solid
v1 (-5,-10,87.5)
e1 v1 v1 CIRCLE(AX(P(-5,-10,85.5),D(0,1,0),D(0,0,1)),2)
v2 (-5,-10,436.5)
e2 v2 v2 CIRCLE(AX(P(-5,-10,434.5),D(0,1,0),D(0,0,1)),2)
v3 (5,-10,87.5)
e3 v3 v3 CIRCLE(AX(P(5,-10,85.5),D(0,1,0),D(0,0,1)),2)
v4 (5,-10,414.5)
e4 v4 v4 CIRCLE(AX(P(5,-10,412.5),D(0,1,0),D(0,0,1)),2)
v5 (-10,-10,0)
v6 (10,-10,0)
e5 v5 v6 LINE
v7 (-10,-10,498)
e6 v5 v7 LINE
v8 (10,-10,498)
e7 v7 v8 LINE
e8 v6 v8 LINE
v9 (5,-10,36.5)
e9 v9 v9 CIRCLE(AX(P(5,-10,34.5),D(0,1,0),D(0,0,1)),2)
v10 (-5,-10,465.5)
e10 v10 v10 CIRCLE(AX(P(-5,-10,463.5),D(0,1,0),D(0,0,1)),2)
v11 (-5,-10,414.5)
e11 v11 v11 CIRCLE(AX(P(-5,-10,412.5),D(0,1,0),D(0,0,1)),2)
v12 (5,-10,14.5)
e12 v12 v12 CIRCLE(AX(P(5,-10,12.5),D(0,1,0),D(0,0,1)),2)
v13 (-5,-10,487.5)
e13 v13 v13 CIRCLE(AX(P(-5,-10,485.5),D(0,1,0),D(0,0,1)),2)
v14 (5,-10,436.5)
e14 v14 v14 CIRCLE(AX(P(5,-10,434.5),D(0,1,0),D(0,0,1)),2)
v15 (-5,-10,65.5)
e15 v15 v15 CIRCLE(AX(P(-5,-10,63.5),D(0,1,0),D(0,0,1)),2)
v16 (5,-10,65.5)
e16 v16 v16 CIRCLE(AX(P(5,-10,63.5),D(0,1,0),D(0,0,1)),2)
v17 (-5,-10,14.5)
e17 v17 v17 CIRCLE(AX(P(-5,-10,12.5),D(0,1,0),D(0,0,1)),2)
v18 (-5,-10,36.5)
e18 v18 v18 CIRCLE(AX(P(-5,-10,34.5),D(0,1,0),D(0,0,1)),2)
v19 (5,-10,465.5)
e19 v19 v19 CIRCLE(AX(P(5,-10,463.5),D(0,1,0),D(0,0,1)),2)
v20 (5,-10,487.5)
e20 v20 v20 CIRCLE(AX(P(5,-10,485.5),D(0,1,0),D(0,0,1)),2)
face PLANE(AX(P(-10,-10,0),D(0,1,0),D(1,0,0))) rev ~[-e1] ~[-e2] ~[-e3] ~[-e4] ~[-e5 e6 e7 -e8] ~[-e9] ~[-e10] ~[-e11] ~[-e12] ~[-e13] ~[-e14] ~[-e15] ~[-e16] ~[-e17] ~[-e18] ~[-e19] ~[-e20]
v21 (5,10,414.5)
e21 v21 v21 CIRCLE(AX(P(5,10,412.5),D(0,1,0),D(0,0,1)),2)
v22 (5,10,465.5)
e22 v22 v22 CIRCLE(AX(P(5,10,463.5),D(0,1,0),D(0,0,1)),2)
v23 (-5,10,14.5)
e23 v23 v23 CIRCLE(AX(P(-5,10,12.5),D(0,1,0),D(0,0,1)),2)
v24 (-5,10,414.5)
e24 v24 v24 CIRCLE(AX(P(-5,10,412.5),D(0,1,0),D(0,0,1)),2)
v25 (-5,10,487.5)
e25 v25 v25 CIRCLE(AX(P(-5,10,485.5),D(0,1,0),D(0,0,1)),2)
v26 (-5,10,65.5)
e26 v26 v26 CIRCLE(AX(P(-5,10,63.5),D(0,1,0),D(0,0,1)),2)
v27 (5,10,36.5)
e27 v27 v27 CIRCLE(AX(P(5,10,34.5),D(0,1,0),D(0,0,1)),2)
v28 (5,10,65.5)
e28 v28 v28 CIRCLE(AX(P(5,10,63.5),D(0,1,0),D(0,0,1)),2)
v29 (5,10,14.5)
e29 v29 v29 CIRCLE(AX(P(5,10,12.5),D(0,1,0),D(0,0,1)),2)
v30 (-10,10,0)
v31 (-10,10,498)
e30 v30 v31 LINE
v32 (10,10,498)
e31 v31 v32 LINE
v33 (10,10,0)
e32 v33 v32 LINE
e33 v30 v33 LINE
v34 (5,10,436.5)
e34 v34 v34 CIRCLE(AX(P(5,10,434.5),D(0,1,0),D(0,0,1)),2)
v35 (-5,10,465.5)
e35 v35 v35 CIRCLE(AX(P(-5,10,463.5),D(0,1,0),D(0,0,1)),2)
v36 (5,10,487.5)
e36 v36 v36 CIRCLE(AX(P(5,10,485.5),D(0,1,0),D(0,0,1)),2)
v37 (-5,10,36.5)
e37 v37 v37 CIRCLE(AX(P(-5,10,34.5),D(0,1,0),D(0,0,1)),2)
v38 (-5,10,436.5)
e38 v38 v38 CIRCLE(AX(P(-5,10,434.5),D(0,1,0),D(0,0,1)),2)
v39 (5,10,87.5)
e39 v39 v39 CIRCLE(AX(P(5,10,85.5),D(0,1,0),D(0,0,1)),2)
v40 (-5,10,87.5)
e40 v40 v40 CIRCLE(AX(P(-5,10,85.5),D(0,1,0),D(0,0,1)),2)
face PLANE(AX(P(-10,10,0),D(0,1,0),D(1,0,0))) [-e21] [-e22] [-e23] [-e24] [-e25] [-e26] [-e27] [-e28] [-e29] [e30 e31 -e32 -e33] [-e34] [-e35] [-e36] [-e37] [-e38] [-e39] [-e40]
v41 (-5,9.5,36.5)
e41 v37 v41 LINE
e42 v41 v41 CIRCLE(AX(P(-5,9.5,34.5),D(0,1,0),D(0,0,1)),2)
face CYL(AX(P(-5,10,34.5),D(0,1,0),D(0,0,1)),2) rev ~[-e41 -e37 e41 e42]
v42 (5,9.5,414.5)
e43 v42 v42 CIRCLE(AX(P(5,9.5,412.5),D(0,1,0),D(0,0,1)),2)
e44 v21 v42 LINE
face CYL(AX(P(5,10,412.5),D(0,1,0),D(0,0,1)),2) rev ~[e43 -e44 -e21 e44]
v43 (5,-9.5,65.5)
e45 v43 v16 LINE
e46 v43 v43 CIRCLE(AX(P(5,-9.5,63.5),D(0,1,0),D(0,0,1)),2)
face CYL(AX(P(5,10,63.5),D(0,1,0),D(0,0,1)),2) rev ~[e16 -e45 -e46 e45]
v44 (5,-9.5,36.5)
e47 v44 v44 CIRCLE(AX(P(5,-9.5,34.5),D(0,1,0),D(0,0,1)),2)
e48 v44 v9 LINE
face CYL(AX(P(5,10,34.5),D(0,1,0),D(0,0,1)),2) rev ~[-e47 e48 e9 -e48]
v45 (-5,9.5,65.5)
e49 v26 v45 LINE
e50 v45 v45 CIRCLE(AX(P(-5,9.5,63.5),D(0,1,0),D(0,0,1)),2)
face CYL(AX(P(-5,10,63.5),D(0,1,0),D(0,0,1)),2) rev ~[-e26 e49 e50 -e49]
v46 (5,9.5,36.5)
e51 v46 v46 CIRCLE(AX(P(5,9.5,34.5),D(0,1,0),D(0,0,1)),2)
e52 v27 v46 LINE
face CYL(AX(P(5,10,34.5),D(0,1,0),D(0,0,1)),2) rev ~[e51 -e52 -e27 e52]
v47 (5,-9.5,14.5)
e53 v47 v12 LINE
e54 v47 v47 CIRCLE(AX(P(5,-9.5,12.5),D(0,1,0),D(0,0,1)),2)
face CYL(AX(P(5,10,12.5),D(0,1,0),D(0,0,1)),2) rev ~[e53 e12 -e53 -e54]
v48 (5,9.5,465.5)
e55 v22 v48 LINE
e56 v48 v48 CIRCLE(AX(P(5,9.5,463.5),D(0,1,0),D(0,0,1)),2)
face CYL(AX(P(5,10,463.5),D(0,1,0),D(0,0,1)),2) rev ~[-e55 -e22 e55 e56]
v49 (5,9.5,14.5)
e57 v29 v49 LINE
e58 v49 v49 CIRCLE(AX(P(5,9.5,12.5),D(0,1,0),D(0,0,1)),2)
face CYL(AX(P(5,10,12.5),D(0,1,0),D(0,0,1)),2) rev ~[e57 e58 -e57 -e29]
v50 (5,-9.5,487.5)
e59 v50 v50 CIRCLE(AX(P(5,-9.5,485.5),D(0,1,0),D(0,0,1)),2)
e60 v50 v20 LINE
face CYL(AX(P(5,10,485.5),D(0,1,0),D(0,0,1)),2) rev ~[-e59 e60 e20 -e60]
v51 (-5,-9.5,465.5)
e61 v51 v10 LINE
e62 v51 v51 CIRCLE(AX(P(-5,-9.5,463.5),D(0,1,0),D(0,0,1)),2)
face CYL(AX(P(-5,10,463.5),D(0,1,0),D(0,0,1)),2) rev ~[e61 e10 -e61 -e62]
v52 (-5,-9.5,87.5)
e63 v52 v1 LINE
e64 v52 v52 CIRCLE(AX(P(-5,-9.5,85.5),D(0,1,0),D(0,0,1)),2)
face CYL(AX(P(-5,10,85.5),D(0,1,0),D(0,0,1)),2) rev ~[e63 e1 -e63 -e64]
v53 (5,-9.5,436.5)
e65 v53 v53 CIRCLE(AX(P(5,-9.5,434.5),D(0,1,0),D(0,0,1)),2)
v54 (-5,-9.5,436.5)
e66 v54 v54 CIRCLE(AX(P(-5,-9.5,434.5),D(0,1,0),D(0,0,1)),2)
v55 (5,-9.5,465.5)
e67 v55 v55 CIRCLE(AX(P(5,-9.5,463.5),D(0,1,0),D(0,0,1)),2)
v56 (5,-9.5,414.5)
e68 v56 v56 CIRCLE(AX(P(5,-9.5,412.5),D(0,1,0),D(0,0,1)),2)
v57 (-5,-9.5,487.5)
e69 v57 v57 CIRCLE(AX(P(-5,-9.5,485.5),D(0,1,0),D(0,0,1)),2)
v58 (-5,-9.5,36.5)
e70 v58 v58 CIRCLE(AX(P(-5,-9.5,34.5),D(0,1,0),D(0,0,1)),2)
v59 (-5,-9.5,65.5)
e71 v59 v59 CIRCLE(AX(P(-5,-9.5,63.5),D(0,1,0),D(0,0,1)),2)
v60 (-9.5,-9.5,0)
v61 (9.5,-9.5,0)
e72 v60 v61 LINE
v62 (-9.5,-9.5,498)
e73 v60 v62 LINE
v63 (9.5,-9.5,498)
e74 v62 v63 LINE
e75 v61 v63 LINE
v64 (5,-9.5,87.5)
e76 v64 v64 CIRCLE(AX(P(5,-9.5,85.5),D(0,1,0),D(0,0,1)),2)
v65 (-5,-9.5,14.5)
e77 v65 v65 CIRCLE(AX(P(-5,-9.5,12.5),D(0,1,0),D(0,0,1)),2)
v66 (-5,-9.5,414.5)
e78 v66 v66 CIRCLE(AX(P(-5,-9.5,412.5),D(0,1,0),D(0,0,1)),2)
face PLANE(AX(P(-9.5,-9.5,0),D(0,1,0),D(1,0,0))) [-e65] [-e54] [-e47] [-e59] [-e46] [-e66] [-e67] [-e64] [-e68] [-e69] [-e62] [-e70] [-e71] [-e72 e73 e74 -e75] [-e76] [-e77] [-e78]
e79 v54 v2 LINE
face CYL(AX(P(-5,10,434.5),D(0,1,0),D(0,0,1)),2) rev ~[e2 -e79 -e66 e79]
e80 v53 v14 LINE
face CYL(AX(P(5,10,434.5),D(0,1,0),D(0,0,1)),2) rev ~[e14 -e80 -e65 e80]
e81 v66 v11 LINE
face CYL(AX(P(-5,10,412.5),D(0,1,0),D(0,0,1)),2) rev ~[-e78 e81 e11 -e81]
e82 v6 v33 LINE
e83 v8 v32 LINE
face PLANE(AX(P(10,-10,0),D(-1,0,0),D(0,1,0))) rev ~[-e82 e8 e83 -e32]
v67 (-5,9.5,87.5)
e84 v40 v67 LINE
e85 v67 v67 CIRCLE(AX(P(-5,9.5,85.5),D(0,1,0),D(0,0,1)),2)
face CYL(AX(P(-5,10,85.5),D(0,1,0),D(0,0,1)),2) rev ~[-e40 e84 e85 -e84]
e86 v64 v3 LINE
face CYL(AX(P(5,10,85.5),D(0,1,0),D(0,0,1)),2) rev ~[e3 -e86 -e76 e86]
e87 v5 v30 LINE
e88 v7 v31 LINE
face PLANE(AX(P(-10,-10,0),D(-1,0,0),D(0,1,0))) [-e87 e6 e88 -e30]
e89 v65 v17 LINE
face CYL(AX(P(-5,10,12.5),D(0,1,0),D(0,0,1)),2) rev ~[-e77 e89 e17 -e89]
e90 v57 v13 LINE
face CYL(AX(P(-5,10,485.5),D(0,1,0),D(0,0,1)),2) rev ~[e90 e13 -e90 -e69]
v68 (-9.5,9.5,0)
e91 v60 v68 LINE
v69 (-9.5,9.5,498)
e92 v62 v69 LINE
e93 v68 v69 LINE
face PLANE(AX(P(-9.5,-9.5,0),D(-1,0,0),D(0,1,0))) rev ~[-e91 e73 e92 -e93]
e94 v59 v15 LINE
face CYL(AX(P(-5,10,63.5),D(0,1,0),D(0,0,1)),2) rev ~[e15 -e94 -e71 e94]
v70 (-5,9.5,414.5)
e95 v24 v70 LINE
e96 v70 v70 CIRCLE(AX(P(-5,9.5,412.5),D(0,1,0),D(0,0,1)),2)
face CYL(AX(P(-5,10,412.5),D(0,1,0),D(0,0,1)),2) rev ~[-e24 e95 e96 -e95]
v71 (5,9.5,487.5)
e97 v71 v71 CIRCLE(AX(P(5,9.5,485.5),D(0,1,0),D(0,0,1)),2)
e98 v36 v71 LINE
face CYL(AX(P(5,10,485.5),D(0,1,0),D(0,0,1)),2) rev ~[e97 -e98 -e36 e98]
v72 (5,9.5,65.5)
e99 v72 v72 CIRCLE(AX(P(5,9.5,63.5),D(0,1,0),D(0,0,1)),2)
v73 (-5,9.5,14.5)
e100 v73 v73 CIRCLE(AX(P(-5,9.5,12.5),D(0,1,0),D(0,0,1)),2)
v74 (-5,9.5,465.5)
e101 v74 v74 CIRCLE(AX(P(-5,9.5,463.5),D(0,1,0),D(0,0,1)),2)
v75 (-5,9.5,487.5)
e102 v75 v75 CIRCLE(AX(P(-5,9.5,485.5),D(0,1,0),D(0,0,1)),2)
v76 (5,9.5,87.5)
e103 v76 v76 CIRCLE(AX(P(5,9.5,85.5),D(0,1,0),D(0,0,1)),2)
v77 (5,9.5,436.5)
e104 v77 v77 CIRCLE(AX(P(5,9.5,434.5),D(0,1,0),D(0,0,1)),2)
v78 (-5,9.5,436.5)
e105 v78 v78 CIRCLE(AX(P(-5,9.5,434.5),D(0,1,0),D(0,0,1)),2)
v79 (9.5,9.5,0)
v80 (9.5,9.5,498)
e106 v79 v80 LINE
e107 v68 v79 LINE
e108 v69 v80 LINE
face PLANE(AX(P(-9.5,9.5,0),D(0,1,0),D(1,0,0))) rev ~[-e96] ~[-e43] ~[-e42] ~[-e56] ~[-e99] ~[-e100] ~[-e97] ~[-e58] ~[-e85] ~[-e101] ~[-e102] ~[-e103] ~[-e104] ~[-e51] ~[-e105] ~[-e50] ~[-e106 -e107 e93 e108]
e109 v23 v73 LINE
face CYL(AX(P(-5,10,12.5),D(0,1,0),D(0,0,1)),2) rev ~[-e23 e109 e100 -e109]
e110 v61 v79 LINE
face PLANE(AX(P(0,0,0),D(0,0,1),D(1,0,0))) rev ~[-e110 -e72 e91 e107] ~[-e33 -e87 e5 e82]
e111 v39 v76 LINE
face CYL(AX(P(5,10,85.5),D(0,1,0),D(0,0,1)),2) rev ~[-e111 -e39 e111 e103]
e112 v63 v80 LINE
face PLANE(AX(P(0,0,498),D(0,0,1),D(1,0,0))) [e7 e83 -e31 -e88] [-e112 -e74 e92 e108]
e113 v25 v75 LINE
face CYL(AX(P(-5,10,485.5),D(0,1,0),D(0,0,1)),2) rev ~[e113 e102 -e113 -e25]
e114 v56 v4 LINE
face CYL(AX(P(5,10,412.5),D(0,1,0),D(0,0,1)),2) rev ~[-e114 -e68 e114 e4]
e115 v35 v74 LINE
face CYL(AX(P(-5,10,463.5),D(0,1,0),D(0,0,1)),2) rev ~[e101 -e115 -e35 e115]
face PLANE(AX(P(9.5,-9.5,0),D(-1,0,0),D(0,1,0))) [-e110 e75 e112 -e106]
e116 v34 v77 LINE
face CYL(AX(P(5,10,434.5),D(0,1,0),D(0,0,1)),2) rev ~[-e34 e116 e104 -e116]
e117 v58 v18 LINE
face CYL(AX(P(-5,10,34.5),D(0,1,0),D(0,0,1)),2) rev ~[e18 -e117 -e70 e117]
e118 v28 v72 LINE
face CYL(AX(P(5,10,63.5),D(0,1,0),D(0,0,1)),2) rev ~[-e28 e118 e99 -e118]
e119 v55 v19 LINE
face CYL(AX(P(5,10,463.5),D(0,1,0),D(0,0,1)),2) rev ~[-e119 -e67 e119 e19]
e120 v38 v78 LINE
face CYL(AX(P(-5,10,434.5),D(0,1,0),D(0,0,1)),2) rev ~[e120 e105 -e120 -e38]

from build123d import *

# Parameters (mm, degrees)
SKETCH_1_W          = 20
SKETCH_1_H          = 20
SKETCH_1_W_2        = 19
SKETCH_1_H_2        = 19
EXTRUDE_1_DEPTH     = 498
SKETCH_2_R          = 2
CUT_EXTRUDE_1_DEPTH = 20


with BuildPart() as part:
    # 草图1 → 凸台-拉伸1 (new body)
    with BuildSketch(Plane.XY):
        Rectangle(SKETCH_1_W, SKETCH_1_H)
        Rectangle(SKETCH_1_W_2, SKETCH_1_H_2, mode=Mode.SUBTRACT)
    extrude(amount=EXTRUDE_1_DEPTH)

    # 草图2 → 切除-拉伸1 (cut)
    with BuildSketch(Plane(origin=(0, 10, 0), x_dir=(1, 0, 0), z_dir=(0, 1, 0))):
        with Locations(Location((-5, -12.5, 0), (0, 0, 270))):
            Circle(SKETCH_2_R)
        with Locations(Location((-5, -34.5, 0), (0, 0, 270))):
            Circle(SKETCH_2_R)
        with Locations(Location((-5, -85.5, 0), (0, 0, 270))):
            Circle(SKETCH_2_R)
        with Locations(Location((-5, -63.5, 0), (0, 0, 270))):
            Circle(SKETCH_2_R)
        with Locations(Location((-5, -434.5, 0), (0, 0, 270))):
            Circle(SKETCH_2_R)
        with Locations(Location((-5, -412.5, 0), (0, 0, 270))):
            Circle(SKETCH_2_R)
        with Locations(Location((-5, -463.5, 0), (0, 0, 270))):
            Circle(SKETCH_2_R)
        with Locations(Location((-5, -485.5, 0), (0, 0, 270))):
            Circle(SKETCH_2_R)
        with Locations(Location((5, -485.5, 0), (0, 0, 270))):
            Circle(SKETCH_2_R)
        with Locations(Location((5, -463.5, 0), (0, 0, 270))):
            Circle(SKETCH_2_R)
        with Locations(Location((5, -434.5, 0), (0, 0, 270))):
            Circle(SKETCH_2_R)
        with Locations(Location((5, -412.5, 0), (0, 0, 270))):
            Circle(SKETCH_2_R)
        with Locations(Location((5, -85.5, 0), (0, 0, 270))):
            Circle(SKETCH_2_R)
        with Locations(Location((5, -63.5, 0), (0, 0, 270))):
            Circle(SKETCH_2_R)
        with Locations(Location((5, -34.5, 0), (0, 0, 270))):
            Circle(SKETCH_2_R)
        with Locations(Location((5, -12.5, 0), (0, 0, 270))):
            Circle(SKETCH_2_R)
    extrude(amount=-CUT_EXTRUDE_1_DEPTH, mode=Mode.SUBTRACT)


solid = part.part
